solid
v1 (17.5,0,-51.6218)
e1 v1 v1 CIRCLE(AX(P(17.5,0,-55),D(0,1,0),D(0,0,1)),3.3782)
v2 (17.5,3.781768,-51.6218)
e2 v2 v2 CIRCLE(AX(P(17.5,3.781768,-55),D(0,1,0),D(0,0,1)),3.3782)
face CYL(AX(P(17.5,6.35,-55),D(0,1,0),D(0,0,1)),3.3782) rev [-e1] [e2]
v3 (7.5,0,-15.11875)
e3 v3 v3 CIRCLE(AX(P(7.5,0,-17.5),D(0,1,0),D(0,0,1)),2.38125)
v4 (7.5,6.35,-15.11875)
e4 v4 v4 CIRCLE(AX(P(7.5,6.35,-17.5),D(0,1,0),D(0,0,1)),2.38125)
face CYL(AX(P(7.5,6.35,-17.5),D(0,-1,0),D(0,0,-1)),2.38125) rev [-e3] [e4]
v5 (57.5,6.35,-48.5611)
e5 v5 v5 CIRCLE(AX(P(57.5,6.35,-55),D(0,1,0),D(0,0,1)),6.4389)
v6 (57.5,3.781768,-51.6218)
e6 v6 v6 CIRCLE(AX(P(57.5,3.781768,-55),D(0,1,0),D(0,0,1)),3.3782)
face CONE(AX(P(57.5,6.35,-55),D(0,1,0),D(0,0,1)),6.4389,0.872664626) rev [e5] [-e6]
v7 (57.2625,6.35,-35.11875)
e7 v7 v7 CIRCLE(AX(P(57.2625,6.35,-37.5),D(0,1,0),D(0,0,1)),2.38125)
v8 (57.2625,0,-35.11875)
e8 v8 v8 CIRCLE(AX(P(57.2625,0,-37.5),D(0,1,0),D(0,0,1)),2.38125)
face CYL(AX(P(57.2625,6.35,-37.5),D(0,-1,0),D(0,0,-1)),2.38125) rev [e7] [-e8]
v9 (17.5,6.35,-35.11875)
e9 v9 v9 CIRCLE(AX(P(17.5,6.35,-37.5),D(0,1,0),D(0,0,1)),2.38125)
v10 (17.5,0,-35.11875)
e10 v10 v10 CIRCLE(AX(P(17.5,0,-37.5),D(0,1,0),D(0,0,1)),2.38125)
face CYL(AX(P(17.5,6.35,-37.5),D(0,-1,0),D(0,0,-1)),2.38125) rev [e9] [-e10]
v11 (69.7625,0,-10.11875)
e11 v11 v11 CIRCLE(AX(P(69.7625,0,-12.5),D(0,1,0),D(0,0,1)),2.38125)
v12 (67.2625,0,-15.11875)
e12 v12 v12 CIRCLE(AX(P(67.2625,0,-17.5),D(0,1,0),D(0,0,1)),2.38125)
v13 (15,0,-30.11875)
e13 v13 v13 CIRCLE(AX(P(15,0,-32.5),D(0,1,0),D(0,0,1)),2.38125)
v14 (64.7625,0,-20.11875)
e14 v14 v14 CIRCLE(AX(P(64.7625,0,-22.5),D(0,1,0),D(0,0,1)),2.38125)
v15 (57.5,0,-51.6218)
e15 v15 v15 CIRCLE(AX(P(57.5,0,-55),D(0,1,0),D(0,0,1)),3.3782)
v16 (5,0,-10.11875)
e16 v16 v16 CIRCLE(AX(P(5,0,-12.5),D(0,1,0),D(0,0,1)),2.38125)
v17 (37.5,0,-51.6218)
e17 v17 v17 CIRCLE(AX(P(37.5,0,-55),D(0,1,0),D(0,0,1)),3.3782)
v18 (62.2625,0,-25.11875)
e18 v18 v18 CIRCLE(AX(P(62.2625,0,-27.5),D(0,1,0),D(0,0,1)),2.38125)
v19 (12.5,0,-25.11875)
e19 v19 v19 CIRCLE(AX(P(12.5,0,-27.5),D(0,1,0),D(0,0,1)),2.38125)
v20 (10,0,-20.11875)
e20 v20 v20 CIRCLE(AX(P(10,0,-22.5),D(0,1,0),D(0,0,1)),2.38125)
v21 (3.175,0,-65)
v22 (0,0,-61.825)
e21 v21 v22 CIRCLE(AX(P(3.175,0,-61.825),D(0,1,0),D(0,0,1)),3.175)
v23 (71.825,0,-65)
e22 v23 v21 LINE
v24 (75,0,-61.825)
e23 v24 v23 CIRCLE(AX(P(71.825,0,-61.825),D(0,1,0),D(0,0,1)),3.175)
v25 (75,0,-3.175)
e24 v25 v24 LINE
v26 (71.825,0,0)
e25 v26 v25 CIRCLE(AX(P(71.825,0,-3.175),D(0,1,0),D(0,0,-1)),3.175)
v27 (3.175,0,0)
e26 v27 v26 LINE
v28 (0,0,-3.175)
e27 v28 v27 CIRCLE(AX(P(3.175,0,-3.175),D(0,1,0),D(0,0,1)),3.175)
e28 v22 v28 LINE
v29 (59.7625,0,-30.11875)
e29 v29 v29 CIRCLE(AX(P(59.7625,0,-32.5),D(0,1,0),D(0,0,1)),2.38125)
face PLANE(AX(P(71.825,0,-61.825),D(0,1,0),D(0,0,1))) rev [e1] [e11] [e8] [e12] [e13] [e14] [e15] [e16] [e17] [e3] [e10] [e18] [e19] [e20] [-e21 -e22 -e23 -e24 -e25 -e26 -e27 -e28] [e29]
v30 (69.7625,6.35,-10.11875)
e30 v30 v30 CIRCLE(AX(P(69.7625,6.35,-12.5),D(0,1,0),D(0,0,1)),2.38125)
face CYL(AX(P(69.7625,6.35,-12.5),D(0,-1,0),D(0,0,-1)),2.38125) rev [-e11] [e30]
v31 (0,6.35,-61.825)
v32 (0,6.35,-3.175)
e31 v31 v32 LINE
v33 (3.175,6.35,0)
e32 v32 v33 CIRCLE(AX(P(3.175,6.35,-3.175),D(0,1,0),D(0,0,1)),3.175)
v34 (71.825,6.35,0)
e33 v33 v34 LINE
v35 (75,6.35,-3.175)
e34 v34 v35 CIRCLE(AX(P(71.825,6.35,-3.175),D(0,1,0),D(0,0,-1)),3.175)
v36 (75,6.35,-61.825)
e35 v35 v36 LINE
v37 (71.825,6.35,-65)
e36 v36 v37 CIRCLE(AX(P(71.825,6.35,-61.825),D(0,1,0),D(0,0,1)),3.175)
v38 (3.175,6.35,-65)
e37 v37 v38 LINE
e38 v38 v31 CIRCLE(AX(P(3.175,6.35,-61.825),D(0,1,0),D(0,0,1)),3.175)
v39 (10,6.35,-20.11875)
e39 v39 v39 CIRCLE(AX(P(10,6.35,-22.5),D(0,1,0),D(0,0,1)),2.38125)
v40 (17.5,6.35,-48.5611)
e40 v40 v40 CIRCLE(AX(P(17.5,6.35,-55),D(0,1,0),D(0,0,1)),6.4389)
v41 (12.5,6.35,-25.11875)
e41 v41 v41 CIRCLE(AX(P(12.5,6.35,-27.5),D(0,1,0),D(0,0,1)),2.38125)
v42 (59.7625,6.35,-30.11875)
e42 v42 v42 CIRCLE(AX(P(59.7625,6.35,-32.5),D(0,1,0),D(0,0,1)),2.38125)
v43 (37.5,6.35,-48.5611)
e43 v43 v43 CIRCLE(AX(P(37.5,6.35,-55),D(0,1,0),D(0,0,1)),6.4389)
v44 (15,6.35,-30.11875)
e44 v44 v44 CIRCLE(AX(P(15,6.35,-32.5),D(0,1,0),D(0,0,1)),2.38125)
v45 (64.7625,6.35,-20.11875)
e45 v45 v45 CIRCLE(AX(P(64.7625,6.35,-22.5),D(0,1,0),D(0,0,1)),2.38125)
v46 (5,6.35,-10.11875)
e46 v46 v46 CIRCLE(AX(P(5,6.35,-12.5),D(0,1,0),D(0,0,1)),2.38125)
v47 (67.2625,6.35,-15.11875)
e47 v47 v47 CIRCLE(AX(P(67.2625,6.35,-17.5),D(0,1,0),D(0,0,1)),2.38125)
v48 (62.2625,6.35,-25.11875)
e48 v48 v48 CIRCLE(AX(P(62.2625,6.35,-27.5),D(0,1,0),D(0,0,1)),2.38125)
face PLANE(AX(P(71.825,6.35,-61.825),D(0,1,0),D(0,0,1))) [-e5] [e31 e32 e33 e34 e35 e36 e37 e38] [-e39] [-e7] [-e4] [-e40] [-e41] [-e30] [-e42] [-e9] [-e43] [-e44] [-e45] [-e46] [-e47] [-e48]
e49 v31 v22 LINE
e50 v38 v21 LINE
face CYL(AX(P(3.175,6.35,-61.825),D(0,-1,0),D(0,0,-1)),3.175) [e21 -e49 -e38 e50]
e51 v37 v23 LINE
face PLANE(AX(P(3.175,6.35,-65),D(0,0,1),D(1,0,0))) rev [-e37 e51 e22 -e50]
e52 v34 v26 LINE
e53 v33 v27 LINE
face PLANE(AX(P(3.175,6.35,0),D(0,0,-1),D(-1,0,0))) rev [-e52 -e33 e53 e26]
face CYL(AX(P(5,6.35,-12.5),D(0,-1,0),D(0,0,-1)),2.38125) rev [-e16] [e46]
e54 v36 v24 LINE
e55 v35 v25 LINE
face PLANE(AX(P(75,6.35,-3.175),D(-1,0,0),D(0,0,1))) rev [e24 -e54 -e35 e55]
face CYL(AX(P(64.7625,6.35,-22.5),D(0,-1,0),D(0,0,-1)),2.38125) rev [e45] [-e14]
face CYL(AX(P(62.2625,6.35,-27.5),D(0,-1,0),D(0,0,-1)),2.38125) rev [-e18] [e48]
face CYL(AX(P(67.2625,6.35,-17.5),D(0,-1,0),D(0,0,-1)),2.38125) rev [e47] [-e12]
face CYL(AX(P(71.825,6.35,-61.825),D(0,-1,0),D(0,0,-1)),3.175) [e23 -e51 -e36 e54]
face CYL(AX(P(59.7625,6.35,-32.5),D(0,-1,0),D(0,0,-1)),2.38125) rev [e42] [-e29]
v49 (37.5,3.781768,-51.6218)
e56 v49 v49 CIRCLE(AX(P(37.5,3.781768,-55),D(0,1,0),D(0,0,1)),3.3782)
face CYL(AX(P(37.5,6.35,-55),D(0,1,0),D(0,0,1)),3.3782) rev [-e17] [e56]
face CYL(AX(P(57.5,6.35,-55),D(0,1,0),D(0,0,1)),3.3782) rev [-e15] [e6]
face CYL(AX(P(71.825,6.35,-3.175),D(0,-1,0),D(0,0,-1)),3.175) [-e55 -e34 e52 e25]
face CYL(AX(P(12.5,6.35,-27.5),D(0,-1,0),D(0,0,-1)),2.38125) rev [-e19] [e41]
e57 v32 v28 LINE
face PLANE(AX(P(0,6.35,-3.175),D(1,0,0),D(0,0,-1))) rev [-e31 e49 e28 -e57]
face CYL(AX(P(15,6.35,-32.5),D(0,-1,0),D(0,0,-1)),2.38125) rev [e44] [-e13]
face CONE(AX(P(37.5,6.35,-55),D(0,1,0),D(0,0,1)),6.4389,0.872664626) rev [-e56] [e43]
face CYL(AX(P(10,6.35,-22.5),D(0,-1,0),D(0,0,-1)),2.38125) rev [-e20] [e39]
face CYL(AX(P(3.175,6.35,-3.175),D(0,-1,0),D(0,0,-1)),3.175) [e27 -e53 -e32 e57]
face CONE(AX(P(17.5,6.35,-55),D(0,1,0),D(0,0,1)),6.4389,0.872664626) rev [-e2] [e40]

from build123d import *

# Parameters (mm, degrees)
SKETCH1_R                                           = 2.38125
SKETCH1_R_2                                         = 3.3
BOSS_EXTRUDE1_DEPTH                                 = 6.35
CSK_FOR_1_4_FLAT_HEAD_MACHINE_SCREW_100_D           = 6.7564
CSK_FOR_1_4_FLAT_HEAD_MACHINE_SCREW_100_DEPTH       = 6.35
CSK_FOR_1_4_FLAT_HEAD_MACHINE_SCREW_100_CSINK_D     = 12.8778
CSK_FOR_1_4_FLAT_HEAD_MACHINE_SCREW_100_CSINK_ANGLE = 100


with BuildPart() as part:
    # Sketch1 → Boss-Extrude1 (new body)
    with BuildSketch(Plane(origin=(0, 0, 0), x_dir=(1, 0, 0), z_dir=(0, 1, 0))):
        with BuildLine():
            Line((3.175, 0), (71.825, 0))
            ThreePointArc((71.825, 0), (74.07006403, 0.92993597), (75, 3.175))
            Line((75, 3.175), (75, 61.825))
            ThreePointArc((75, 61.825), (74.07006403, 64.07006403), (71.825, 65))
            Line((71.825, 65), (3.175, 65))
            ThreePointArc((3.175, 65), (0.92993597, 64.07006403), (0, 61.825))
            Line((0, 61.825), (0, 3.175))
            ThreePointArc((0, 3.175), (0.92993597, 0.92993597), (3.175, 0))
        make_face()
        with Locations((5, 12.5)):
            Circle(SKETCH1_R, mode=Mode.SUBTRACT)
        with Locations((69.7625, 12.5)):
            Circle(SKETCH1_R, mode=Mode.SUBTRACT)
        with Locations((7.5, 17.5)):
            Circle(SKETCH1_R, mode=Mode.SUBTRACT)
        with Locations((67.2625, 17.5)):
            Circle(SKETCH1_R, mode=Mode.SUBTRACT)
        with Locations((10, 22.5)):
            Circle(SKETCH1_R, mode=Mode.SUBTRACT)
        with Locations((64.7625, 22.5)):
            Circle(SKETCH1_R, mode=Mode.SUBTRACT)
        with Locations((12.5, 27.5)):
            Circle(SKETCH1_R, mode=Mode.SUBTRACT)
        with Locations((62.2625, 27.5)):
            Circle(SKETCH1_R, mode=Mode.SUBTRACT)
        with Locations((15, 32.5)):
            Circle(SKETCH1_R, mode=Mode.SUBTRACT)
        with Locations((59.7625, 32.5)):
            Circle(SKETCH1_R, mode=Mode.SUBTRACT)
        with Locations((17.5, 37.5)):
            Circle(SKETCH1_R, mode=Mode.SUBTRACT)
        with Locations((57.2625, 37.5)):
            Circle(SKETCH1_R, mode=Mode.SUBTRACT)
        with Locations((37.5, 55)):
            Circle(SKETCH1_R_2, mode=Mode.SUBTRACT)
        with Locations((17.5, 55)):
            Circle(SKETCH1_R_2, mode=Mode.SUBTRACT)
        with Locations((57.5, 55)):
            Circle(SKETCH1_R_2, mode=Mode.SUBTRACT)
    extrude(amount=BOSS_EXTRUDE1_DEPTH)

    # CSK for 1/4 Flat Head Machine Screw (100)1
    with Locations(Plane(origin=(17.5, 6.35, -55), x_dir=(0, 0, 1), z_dir=(0, 1, 0))):
        with Locations((0, 0), (0, 40), (0, 20)):
            CounterSinkHole(CSK_FOR_1_4_FLAT_HEAD_MACHINE_SCREW_100_D / 2, CSK_FOR_1_4_FLAT_HEAD_MACHINE_SCREW_100_CSINK_D / 2, depth=CSK_FOR_1_4_FLAT_HEAD_MACHINE_SCREW_100_DEPTH, counter_sink_angle=CSK_FOR_1_4_FLAT_HEAD_MACHINE_SCREW_100_CSINK_ANGLE)


solid = part.part
